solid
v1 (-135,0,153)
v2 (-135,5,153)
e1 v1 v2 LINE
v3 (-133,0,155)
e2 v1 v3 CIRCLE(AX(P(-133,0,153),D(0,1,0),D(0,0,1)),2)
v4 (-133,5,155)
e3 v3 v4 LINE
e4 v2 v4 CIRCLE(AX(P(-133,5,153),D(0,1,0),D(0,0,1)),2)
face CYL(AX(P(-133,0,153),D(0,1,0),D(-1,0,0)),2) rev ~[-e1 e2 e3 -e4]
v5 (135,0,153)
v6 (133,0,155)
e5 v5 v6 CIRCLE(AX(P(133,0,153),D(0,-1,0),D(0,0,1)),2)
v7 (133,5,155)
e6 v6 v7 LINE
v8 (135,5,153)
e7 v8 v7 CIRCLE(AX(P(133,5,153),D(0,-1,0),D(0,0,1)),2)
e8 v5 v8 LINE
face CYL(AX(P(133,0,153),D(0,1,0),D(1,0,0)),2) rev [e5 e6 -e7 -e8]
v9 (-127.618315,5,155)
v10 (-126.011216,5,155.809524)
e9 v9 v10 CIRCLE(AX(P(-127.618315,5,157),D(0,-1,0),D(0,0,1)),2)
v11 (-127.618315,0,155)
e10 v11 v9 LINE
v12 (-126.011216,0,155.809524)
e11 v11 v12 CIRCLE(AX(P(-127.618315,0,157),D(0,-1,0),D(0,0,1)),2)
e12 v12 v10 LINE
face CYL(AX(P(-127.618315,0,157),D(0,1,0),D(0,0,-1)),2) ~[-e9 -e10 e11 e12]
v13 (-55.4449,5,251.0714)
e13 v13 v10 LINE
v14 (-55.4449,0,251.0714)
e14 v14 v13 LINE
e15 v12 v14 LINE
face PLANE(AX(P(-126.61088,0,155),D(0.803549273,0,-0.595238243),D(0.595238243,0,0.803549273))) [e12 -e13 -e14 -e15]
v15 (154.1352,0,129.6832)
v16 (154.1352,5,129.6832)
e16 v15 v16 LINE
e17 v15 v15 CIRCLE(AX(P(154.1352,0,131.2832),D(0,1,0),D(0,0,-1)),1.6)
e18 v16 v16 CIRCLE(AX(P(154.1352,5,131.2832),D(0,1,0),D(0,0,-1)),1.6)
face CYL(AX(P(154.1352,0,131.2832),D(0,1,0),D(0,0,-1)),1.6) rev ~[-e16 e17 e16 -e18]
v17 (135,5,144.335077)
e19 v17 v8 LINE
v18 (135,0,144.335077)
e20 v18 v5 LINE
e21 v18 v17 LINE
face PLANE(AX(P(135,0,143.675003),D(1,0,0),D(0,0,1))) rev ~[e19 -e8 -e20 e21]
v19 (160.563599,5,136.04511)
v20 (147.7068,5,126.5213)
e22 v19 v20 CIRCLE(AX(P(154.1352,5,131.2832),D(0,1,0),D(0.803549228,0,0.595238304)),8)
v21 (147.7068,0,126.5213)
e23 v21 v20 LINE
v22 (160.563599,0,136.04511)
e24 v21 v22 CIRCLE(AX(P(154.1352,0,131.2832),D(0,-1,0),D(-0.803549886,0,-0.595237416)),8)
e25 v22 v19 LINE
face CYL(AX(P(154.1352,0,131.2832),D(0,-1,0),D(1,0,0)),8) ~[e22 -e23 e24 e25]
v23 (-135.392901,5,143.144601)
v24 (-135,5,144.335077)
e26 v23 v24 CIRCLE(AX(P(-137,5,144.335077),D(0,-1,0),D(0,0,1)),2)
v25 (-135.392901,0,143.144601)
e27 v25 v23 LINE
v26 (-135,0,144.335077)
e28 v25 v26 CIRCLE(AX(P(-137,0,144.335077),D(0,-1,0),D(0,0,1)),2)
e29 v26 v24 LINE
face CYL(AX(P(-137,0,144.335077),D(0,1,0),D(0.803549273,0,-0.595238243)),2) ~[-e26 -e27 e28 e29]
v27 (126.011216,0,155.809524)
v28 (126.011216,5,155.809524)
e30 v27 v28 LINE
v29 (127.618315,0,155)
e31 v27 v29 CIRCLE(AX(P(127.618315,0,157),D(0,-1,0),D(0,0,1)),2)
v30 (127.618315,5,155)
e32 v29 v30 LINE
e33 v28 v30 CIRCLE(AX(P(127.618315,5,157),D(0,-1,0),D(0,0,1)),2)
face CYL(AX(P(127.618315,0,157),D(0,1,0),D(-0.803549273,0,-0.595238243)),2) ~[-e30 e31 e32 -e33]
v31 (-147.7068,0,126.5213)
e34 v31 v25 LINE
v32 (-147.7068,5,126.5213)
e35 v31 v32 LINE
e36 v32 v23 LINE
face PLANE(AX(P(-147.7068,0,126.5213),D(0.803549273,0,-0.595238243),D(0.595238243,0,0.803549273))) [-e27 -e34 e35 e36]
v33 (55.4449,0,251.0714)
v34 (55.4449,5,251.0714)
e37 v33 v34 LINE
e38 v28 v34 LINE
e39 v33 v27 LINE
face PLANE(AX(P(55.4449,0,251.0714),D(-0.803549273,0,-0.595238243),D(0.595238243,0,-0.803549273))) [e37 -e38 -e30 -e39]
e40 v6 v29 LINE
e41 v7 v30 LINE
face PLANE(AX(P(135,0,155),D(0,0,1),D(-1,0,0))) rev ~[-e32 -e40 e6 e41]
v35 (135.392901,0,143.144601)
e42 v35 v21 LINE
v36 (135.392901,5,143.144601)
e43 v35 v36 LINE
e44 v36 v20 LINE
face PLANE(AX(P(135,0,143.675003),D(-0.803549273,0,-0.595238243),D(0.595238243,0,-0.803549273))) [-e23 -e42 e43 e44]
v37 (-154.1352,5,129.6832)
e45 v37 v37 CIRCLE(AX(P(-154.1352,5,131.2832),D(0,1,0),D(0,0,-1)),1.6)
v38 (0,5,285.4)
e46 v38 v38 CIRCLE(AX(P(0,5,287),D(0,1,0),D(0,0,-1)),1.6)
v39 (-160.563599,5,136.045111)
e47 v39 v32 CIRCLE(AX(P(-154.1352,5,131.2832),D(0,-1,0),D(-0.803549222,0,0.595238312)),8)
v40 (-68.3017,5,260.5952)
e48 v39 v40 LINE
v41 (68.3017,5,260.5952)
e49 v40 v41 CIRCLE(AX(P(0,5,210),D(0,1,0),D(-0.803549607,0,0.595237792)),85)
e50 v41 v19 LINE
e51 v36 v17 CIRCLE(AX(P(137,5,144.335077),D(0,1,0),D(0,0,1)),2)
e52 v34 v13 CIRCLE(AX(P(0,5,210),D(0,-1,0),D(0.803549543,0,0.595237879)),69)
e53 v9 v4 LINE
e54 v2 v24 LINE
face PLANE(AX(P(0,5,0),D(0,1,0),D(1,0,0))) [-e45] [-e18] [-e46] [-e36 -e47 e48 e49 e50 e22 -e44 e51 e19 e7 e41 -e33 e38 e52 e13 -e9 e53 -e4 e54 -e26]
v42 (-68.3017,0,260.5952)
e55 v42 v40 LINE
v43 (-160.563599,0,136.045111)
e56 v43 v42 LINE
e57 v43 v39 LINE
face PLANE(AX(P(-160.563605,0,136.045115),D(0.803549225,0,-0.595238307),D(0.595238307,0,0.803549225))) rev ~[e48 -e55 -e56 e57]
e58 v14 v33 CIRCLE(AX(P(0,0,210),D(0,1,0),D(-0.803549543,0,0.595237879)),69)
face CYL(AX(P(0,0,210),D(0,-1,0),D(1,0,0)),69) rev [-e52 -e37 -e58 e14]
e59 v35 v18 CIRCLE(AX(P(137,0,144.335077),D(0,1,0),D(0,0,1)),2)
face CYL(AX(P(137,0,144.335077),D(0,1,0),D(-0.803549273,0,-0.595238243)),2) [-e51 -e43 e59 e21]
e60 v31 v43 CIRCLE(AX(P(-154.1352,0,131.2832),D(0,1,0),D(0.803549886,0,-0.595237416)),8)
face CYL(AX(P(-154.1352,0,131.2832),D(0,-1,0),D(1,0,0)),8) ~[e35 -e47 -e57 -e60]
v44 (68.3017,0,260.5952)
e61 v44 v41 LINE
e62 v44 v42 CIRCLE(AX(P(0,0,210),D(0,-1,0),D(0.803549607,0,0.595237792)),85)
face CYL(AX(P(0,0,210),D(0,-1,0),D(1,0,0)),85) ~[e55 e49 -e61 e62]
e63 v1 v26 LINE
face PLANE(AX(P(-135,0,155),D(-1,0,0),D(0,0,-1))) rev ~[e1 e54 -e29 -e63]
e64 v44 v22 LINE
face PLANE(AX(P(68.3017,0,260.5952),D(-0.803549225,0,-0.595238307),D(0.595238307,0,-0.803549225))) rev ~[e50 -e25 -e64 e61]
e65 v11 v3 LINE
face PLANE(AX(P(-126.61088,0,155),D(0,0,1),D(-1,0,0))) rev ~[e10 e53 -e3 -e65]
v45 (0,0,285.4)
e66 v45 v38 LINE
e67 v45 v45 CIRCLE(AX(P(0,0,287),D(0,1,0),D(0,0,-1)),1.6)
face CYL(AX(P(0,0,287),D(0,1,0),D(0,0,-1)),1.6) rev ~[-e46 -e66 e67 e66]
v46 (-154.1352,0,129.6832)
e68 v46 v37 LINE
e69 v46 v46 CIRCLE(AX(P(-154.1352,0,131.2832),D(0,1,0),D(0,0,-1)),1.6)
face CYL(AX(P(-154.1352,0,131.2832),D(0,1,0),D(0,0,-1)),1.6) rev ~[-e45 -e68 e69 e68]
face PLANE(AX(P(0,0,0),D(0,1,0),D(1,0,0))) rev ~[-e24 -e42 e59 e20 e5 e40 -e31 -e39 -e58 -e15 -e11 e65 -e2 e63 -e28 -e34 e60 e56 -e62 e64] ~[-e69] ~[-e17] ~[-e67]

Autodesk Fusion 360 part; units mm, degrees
sketch "スケッチ1" plane through (0, 0, 0) normal (0, 1, 0) x (1, 0, 0)
  circle A0 centre (0, 0) radius 210
  circle A1 centre (0, -210) radius 85
  line L0 (68.3017, -260.5952) -> (168.7454, -125)
  line L1 (-168.7454, -125) -> (-68.3017, -260.5952)
  circle A2 centre (0, -210) radius 77
  circle A3 centre (0, -210) radius 69
  line L2 (61.8733, -255.8333) -> (154.1352, -131.2832)
  line L3 (55.4449, -251.0714) -> (147.7068, -126.5213)
  line L4 (-61.8733, -255.8333) -> (-154.1352, -131.2832)
  line L5 (-147.7068, -126.5213) -> (-55.4449, -251.0714)
  circle A4 centre (154.1352, -131.2832) radius 8
  circle A5 centre (-154.1352, -131.2832) radius 8
  line L6 (0, -210) -> (0, -295)
  line L7 (-135, 0) -> (135, 0)
  line L8 (135, 0) -> (135, -155)
  line L9 (135, -155) -> (-135, -155)
  line L10 (-135, -155) -> (-135, 0)
  point P0 (0, -287)
  dimension "d1" = 420
  dimension "d2" = 170
  dimension "d3" = 210
  dimension "d4" = 155
  dimension "d5" = 16
  dimension "d13" = 270
  dimension "d14" = 155
extrude "押し出し1" add sketch "スケッチ1" along normal blind 5 contours A0 A5 | A0 A5 | A0 A1 L1 L4 A5 | A0 A4 | A0 A4 | A0 A1 L0 L2 A4 | A0 L4 A5 | A0 L4 L5 A5 L9 L10 | A1 A2 L4 L6 | A0 L2 A4 | A1 A2 L2 L6 | A0 A1 L4 L5 | A1 A2 L4 L5 | A0 A1 L2 L3 | A0 L2 L3 A4 L8 L9 | A1 A2 L2 L3 | A2 A3 L3 L6 | A2 A3 L5 L6
hole "穴1" at (0, 0, 287) at (-154.1352, 0, 131.2832) at (154.1352, 0, 131.2832) direction (0, 1, 0) diameter 3.2 end through all
fillet "フィレット1" radius 2 6 edges at (135, 2.5, 155) (-135, 2.5, 155) (126.6109, 2.5, 155) (135, 2.5, 143.675) (-135, 2.5, 143.675) (-126.6109, 2.5, 155)
